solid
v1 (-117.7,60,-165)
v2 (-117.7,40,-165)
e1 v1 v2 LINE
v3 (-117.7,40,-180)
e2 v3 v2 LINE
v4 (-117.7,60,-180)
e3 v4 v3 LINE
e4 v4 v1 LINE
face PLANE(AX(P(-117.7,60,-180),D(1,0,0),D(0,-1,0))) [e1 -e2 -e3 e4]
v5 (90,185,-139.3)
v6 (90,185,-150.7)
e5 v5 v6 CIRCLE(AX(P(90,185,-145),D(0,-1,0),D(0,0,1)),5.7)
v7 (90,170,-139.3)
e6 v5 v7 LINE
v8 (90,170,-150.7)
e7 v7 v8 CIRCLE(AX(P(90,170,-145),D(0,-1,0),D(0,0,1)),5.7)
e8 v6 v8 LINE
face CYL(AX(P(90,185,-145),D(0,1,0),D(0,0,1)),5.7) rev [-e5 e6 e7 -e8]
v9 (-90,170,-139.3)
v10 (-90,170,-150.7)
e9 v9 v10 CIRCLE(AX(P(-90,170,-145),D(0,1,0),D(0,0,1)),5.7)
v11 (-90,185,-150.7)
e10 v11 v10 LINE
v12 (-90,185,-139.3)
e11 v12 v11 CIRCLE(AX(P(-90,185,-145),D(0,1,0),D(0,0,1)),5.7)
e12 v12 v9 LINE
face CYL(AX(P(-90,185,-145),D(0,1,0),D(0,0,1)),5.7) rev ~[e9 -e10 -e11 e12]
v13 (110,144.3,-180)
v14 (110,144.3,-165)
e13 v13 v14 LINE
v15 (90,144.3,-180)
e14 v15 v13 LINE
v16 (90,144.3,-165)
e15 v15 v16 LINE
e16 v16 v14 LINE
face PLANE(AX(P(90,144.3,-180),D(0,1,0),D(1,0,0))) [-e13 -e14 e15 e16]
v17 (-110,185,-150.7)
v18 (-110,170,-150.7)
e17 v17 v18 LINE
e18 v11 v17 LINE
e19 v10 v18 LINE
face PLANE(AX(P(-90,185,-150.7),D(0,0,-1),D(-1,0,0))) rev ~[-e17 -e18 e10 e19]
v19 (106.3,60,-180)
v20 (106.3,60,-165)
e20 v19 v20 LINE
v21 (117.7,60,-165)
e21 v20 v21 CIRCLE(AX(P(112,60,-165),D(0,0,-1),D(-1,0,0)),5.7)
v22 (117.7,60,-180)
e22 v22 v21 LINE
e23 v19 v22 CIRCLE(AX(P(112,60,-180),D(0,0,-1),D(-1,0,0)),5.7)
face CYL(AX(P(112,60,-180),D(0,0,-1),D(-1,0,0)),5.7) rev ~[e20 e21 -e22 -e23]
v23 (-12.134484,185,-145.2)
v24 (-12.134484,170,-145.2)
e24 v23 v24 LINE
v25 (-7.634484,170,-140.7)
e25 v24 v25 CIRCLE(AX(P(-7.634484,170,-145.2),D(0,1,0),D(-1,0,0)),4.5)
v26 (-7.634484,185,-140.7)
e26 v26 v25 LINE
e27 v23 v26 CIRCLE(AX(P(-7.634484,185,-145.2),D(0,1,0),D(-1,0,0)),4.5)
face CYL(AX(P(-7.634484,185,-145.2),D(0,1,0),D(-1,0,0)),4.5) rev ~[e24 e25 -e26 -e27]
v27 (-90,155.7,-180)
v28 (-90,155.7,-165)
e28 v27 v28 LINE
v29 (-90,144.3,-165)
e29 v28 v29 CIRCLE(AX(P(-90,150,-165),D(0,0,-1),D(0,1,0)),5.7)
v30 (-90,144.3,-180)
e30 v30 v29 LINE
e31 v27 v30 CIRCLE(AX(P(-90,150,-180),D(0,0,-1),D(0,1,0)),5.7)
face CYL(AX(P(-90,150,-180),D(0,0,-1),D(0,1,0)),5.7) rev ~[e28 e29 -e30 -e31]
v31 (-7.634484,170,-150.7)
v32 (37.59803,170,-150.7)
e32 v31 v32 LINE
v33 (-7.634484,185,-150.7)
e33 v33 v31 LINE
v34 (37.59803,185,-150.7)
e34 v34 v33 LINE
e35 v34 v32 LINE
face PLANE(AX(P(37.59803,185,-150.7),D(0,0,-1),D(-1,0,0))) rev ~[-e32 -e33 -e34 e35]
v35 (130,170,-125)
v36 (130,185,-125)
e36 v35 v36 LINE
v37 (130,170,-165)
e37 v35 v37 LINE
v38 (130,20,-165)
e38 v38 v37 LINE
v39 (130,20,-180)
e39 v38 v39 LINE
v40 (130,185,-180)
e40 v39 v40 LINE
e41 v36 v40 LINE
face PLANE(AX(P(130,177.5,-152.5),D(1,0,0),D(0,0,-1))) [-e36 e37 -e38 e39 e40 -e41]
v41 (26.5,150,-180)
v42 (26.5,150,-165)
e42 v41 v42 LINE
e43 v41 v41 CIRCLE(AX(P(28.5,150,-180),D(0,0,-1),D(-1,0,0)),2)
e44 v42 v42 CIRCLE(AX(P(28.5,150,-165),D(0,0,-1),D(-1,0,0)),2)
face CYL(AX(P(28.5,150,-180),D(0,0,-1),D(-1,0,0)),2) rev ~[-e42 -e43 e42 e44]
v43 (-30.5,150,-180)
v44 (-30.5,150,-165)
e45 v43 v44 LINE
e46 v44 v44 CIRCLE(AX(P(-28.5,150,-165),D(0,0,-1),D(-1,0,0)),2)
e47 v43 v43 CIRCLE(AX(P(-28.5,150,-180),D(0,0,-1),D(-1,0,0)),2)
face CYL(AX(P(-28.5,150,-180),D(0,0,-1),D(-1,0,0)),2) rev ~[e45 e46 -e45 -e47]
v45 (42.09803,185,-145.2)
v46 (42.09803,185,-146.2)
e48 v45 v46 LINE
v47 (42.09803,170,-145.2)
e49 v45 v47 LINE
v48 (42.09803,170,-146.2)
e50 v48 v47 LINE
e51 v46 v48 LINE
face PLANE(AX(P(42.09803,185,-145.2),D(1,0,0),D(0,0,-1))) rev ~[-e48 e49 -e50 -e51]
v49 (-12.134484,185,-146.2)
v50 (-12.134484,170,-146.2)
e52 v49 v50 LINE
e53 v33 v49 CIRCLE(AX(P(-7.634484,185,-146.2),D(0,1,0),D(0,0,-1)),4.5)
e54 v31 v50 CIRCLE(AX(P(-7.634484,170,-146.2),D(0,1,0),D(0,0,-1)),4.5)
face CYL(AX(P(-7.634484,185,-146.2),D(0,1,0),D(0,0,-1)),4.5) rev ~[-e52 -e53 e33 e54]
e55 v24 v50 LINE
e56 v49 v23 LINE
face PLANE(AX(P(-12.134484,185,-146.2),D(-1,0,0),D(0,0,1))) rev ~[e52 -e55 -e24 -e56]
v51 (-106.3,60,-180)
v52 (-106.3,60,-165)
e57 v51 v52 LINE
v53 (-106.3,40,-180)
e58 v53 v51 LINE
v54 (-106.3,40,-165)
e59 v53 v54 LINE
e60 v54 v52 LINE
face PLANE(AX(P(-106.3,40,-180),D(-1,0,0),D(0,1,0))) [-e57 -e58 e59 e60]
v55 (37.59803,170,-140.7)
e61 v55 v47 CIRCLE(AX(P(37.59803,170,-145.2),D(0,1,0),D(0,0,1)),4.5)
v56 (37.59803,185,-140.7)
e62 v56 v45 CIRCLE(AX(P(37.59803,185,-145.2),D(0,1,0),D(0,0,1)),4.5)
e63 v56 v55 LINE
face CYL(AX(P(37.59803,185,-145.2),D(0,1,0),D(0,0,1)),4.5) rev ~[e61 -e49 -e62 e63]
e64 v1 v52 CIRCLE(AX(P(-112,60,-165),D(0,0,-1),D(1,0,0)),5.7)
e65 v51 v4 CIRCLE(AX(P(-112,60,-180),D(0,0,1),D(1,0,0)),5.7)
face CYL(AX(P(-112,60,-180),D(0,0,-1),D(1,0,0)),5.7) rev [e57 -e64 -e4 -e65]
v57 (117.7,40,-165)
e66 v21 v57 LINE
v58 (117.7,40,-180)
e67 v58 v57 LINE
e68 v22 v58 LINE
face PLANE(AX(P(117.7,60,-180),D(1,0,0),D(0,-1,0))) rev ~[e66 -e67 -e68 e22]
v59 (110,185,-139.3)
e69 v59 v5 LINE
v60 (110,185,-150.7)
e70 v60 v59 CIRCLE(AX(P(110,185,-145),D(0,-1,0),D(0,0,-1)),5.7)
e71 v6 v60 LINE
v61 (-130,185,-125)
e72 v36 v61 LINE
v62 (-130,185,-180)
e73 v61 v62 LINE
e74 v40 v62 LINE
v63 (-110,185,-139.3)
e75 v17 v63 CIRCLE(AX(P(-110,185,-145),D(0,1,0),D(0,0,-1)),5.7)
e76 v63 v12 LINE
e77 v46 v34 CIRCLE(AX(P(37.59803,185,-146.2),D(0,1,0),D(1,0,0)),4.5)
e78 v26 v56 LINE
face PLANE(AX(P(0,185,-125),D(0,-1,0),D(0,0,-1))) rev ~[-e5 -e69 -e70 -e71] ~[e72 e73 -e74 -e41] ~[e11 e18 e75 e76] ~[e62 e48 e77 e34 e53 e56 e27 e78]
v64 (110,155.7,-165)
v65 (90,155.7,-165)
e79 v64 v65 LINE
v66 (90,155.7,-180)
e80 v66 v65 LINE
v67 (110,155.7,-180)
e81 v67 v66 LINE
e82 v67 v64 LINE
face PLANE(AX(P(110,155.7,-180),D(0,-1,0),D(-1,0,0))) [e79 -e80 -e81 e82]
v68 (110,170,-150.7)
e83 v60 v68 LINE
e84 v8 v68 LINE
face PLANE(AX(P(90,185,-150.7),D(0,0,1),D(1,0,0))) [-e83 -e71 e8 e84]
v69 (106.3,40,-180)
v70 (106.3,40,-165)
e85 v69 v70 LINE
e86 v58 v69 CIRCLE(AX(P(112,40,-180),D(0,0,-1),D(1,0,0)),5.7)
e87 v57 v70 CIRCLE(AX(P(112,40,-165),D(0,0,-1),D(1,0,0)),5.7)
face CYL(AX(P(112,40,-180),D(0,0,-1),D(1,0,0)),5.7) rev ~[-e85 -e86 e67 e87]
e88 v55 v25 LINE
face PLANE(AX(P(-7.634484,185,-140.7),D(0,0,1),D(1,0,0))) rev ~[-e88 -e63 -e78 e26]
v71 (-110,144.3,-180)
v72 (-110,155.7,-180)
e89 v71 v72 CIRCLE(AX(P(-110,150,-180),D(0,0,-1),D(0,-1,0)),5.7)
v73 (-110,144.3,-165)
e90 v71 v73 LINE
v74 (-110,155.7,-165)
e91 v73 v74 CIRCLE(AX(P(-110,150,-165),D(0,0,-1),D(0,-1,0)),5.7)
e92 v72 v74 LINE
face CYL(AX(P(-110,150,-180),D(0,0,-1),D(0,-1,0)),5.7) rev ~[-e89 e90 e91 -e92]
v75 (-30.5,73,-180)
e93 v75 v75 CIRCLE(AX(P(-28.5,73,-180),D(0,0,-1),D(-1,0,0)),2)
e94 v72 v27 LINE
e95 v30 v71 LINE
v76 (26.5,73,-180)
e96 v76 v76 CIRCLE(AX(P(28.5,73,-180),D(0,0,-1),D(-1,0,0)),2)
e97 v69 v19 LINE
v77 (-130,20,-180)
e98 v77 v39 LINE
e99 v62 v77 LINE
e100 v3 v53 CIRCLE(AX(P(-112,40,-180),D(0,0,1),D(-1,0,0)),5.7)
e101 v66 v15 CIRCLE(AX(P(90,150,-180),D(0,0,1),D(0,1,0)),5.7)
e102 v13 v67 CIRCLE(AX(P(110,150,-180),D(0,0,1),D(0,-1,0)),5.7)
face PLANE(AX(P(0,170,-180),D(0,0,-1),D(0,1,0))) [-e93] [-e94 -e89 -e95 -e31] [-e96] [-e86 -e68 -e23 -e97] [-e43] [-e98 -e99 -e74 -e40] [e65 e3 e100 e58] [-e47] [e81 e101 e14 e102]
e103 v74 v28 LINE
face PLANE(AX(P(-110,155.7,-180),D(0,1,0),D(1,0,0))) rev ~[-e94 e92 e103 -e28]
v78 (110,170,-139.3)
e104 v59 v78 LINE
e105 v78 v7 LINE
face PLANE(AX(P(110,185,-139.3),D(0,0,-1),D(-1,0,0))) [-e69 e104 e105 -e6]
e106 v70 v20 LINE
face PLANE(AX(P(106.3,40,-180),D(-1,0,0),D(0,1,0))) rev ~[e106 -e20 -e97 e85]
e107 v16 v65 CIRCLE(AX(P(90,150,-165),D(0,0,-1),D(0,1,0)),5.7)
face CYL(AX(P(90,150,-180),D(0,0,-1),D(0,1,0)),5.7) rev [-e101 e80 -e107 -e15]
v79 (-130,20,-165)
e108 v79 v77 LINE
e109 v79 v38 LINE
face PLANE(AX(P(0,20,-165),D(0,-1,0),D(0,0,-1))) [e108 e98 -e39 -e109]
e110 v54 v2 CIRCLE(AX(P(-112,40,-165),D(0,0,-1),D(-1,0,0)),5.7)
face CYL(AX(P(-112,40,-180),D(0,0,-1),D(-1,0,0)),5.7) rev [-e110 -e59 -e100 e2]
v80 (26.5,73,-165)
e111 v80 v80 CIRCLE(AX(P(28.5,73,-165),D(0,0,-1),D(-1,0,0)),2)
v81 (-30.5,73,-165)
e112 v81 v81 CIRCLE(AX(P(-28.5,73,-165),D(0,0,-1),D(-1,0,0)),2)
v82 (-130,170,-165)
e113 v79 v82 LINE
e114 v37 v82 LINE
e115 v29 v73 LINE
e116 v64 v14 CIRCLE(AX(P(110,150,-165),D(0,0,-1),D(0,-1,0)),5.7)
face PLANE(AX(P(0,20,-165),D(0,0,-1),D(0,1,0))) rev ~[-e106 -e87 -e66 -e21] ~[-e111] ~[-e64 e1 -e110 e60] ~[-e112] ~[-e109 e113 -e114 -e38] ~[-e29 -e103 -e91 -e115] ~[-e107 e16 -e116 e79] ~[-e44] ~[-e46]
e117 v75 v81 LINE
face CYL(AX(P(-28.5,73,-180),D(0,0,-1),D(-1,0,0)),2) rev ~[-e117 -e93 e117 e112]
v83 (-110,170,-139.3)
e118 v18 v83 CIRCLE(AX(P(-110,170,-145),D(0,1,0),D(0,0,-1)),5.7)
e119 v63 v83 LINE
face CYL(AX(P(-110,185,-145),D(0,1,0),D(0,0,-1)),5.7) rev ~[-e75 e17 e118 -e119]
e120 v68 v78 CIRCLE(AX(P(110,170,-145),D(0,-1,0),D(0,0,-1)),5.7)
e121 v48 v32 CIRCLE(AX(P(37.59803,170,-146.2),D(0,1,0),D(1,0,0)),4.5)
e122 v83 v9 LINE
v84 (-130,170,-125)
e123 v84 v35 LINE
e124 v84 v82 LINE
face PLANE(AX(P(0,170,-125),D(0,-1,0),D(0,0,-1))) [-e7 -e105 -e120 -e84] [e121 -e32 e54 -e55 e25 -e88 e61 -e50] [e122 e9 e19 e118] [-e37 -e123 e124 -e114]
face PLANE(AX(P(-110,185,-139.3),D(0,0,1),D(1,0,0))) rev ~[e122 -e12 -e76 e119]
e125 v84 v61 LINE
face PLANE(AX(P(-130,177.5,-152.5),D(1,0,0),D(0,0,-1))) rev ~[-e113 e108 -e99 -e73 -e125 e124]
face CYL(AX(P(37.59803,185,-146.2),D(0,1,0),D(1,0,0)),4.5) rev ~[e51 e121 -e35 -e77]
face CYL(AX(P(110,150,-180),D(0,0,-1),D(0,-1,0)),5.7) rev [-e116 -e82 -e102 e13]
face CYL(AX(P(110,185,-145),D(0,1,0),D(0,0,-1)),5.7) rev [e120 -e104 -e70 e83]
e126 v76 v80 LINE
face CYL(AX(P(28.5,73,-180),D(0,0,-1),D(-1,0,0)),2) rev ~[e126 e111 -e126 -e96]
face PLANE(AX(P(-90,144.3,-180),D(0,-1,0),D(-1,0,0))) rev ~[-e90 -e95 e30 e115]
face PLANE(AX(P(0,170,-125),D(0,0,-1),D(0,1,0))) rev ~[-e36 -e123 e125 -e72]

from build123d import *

# Parameters (mm, degrees)
SKETCH4_W          = 15
SKETCH4_H          = 150
MIDDLE_DEPTH       = 130
SKETCH10_R         = 2
MIDDLE_HOLES_DEPTH = 215.534379529
SKETCH11_W         = 55
SKETCH11_H         = 15
UPPER_DEPTH        = 130
UPPER_START        = 185
UPPER_HOLES_DEPTH  = 15
CUT_EXTRUDE1_DEPTH = 277.631523872


with BuildPart() as part:
    # Sketch4 → Middle (new, symmetric)
    with BuildSketch(Plane(origin=(0, 0, 0), x_dir=(0, 0, -1), z_dir=(1, 0, 0))):
        with Locations((172.5, 95)):
            Rectangle(SKETCH4_W, SKETCH4_H)
    extrude(amount=MIDDLE_DEPTH, both=True)

    # Sketch10 → Middle Holes (cut, through all)
    with BuildSketch(Plane(origin=(0, 0, -180), x_dir=(-1, 0, 0), z_dir=(0, 0, -1))):
        with Locations((-28.5, 150)):
            Circle(SKETCH10_R)
        with Locations((28.5, 150)):
            Circle(SKETCH10_R)
        with Locations((28.5, 73)):
            Circle(SKETCH10_R)
        with Locations((-28.5, 73)):
            Circle(SKETCH10_R)
        with BuildLine():
            Line((-110, 155.7), (-90, 155.7))
            ThreePointArc((-90, 155.7), (-84.3, 150), (-90, 144.3))
            Line((-90, 144.3), (-110, 144.3))
            ThreePointArc((-110, 144.3), (-115.7, 150), (-110, 155.7))
        make_face()
        with BuildLine():
            Line((90, 144.3), (110, 144.3))
            ThreePointArc((110, 144.3), (115.7, 150), (110, 155.7))
            Line((110, 155.7), (90, 155.7))
            ThreePointArc((90, 155.7), (84.3, 150), (90, 144.3))
        make_face()
        with BuildLine():
            Line((-117.7, 60), (-117.7, 40))
            ThreePointArc((-117.7, 40), (-112, 34.3), (-106.3, 40))
            Line((-106.3, 40), (-106.3, 60))
            ThreePointArc((-106.3, 60), (-112, 65.7), (-117.7, 60))
        make_face()
        with BuildLine():
            Line((106.3, 40), (106.3, 60))
            ThreePointArc((106.3, 60), (112, 65.7), (117.7, 60))
            Line((117.7, 60), (117.7, 40))
            ThreePointArc((117.7, 40), (112, 34.3), (106.3, 40))
        make_face()
    extrude(amount=-MIDDLE_HOLES_DEPTH, mode=Mode.SUBTRACT)

    # Sketch11 → Upper (add, symmetric)
    with BuildSketch(Plane(origin=(0, 0, 0), x_dir=(0, 0, -1), z_dir=(1, 0, 0))):
        with Locations((152.5, 177.5)):
            Rectangle(SKETCH11_W, SKETCH11_H)
    extrude(amount=UPPER_DEPTH, both=True)

    # Sketch12 → Upper Holes (cut)
    with BuildSketch(Plane(origin=(0, 0, 0), x_dir=(1, 0, 0), z_dir=(0, 1, 0)).offset(UPPER_START)):
        with BuildLine():
            Line((-110, 139.3), (-90, 139.3))
            ThreePointArc((-90, 139.3), (-84.3, 145), (-90, 150.7))
            Line((-90, 150.7), (-110, 150.7))
            ThreePointArc((-110, 150.7), (-115.7, 145), (-110, 139.3))
        make_face()
        with BuildLine():
            Line((110, 139.3), (90, 139.3))
            ThreePointArc((90, 139.3), (84.3, 145), (90, 150.7))
            Line((90, 150.7), (110, 150.7))
            ThreePointArc((110, 150.7), (115.7, 145), (110, 139.3))
        make_face()
    extrude(amount=-UPPER_HOLES_DEPTH, mode=Mode.SUBTRACT)

    # Sketch14 → Cut-Extrude1 (cut, through all)
    with BuildSketch(Plane(origin=(0, 185, 0), x_dir=(1, 0, 0), z_dir=(0, 1, 0))):
        with BuildLine():
            Line((42.098030274, 145.2), (42.098030274, 146.2))
            ThreePointArc((42.098030274, 146.2), (40.78001079, 149.381980515), (37.598030274, 150.7))
            Line((37.598030274, 150.7), (-7.634483759, 150.7))
            ThreePointArc((-7.634483759, 150.7), (-10.816464274, 149.381980515), (-12.134483759, 146.2))
            Line((-12.134483759, 146.2), (-12.134483759, 145.2))
            ThreePointArc((-12.134483759, 145.2), (-10.816464274, 142.018019485), (-7.634483759, 140.7))
            Line((-7.634483759, 140.7), (37.598030274, 140.7))
            ThreePointArc((37.598030274, 140.7), (40.78001079, 142.018019485), (42.098030274, 145.2))
        make_face()
    extrude(amount=-CUT_EXTRUDE1_DEPTH, mode=Mode.SUBTRACT)


solid = part.part
